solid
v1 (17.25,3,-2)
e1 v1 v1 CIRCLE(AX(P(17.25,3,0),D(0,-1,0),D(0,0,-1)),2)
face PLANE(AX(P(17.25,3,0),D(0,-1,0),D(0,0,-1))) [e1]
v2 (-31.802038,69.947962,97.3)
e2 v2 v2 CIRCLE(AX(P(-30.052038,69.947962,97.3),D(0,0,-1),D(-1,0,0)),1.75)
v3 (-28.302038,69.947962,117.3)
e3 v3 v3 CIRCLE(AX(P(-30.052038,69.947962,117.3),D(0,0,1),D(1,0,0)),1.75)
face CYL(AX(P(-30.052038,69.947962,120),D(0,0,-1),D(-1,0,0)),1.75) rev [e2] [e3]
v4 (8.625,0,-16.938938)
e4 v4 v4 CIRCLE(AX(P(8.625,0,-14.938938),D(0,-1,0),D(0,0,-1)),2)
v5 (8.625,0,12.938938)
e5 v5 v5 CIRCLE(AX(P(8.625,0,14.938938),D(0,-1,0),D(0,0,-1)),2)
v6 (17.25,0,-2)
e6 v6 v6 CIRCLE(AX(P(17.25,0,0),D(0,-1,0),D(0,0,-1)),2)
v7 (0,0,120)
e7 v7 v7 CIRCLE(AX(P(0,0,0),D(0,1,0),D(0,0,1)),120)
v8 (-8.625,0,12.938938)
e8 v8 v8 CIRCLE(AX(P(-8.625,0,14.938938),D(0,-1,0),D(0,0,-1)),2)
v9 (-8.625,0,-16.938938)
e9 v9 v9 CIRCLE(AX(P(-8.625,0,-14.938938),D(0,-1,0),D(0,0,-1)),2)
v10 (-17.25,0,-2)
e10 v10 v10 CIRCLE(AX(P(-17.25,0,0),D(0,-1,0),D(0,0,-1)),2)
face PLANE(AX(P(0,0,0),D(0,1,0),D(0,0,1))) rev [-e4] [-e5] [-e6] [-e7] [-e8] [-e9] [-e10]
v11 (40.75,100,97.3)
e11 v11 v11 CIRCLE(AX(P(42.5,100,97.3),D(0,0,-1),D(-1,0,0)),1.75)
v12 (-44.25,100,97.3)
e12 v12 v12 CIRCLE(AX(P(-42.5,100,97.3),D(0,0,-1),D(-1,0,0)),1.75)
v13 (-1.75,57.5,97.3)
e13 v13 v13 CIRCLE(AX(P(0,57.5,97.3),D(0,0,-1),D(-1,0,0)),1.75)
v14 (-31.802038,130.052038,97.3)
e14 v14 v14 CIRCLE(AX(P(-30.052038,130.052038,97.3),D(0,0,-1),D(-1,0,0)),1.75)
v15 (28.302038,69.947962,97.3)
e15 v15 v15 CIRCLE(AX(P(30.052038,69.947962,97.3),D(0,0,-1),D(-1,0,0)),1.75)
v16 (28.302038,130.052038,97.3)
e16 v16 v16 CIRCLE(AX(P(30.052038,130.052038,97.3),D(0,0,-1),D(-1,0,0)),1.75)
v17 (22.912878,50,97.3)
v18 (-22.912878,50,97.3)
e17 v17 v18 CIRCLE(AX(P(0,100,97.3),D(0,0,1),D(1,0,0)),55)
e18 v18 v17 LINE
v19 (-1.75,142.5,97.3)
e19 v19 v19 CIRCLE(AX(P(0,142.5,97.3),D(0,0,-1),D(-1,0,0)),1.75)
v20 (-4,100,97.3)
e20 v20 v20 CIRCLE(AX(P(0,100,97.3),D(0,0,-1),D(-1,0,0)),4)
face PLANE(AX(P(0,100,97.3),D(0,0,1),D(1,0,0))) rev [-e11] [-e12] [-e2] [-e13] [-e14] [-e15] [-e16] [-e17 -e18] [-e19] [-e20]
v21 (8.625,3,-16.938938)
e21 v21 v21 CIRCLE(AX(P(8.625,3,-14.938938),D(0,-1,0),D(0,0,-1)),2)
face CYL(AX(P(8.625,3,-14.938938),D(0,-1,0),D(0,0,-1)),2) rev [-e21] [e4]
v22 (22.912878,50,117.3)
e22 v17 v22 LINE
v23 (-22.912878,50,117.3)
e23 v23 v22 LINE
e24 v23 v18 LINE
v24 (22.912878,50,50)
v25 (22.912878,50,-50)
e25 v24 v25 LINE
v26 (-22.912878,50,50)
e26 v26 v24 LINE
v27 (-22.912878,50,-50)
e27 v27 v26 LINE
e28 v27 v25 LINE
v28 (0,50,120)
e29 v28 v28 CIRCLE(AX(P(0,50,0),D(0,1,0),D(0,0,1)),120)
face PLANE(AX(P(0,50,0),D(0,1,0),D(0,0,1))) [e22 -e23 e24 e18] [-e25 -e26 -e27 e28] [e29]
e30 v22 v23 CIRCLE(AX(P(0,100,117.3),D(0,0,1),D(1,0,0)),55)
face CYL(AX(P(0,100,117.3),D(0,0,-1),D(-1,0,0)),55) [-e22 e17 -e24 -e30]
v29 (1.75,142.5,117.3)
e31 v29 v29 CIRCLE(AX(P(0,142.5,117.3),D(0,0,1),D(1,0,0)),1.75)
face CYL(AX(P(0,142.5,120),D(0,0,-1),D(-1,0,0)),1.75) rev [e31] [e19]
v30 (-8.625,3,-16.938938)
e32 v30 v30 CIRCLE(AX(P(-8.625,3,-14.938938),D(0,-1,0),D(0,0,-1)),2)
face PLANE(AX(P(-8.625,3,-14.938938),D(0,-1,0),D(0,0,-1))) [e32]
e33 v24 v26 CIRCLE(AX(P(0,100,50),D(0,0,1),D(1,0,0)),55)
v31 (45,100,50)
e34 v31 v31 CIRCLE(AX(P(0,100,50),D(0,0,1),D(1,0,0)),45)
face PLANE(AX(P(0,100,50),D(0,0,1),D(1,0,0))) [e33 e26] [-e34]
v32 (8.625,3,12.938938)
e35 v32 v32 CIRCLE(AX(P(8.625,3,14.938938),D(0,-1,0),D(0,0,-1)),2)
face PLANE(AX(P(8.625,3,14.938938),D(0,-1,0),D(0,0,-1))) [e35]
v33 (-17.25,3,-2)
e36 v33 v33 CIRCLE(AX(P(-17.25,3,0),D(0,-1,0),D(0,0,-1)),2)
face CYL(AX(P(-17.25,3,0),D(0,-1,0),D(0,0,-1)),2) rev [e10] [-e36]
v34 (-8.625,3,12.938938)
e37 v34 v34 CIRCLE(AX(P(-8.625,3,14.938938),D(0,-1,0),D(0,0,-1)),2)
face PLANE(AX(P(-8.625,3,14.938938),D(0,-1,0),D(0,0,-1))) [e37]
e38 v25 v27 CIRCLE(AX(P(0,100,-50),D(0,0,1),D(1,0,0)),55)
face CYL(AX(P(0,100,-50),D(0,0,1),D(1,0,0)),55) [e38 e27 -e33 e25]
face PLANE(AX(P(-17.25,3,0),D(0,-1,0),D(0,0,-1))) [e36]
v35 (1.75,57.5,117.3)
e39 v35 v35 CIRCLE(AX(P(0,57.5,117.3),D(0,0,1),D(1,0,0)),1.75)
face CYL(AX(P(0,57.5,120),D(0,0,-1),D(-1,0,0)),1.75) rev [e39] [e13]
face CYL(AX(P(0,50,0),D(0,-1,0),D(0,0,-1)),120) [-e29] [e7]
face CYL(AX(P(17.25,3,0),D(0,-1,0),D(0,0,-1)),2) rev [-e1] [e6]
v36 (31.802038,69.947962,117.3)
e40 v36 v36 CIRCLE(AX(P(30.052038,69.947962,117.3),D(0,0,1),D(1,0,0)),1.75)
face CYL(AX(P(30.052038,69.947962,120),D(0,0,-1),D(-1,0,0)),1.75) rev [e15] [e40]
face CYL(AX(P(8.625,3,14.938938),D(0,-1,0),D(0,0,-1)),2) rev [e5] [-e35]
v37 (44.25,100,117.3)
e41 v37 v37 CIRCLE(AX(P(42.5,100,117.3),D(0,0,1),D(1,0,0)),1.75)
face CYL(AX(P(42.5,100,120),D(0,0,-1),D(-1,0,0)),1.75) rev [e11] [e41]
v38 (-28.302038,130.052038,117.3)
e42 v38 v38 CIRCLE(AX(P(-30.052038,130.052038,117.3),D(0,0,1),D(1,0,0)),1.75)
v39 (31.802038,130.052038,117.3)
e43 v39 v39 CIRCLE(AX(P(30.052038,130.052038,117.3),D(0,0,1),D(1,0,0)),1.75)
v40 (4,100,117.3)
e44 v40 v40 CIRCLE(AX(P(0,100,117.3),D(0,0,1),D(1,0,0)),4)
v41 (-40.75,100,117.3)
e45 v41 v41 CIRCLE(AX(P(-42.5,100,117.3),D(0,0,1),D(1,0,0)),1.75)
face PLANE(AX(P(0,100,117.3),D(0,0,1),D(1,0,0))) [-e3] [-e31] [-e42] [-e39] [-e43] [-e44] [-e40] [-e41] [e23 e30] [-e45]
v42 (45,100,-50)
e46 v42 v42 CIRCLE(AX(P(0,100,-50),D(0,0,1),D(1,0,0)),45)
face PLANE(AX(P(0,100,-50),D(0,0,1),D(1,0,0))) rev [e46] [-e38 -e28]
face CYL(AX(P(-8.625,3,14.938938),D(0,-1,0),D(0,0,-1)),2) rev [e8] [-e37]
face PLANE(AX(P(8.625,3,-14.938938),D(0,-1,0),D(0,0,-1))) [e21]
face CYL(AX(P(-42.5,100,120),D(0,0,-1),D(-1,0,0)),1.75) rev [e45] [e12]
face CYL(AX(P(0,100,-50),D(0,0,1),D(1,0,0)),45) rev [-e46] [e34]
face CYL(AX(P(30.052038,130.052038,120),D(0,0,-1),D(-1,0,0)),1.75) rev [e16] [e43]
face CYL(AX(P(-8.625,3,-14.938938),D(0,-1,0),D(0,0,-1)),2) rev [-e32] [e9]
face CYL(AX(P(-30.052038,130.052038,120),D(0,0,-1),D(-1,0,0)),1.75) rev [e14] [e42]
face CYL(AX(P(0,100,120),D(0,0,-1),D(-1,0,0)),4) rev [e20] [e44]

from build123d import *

# Parameters (mm, degrees)
SKETCH_1_R             = 120
EXTRUDE_1_DEPTH        = 50
EXTRUDE_1_2_DEPTH      = 50
EXTRUDE_1_2_DEPTH_BACK = 50
SKETCH_2_R             = 55
SKETCH_2_R_2           = 45
SKETCH_7_R             = 2
CUT_EXTRUDE_2_DEPTH    = 3
SKETCH_8_R             = 55
EXTRUDE_2_DEPTH        = 20
SKETCH_9_R             = 1.75
SKETCH_9_R_2           = 4
CUT_EXTRUDE_3_DEPTH    = 293.65045703


with BuildPart() as part:
    # 草图1 → Extrude 1 (new body)
    with BuildSketch(Plane(origin=(0, 0, 0), x_dir=(1, 0, 0), z_dir=(0, 1, 0))):
        with Locations(Location((0, 0, 0), (0, 0, 270))):
            Circle(SKETCH_1_R)
    extrude(amount=EXTRUDE_1_DEPTH)

    # 草图2 → Extrude 1 2 (add, two sides: drawn at the far end of the back side and taken through both)
    with BuildSketch(Plane.XY.offset(-EXTRUDE_1_2_DEPTH_BACK)):
        with Locations((0, 100)):
            Circle(SKETCH_2_R)
        with Locations((0, 100)):
            Circle(SKETCH_2_R_2, mode=Mode.SUBTRACT)
    extrude(amount=EXTRUDE_1_2_DEPTH + EXTRUDE_1_2_DEPTH_BACK)

    # 草图7 → 切除-拉伸2 (cut)
    with BuildSketch(Plane.XZ):
        with Locations(Location((17.25, 0, 0), (0, 0, 270))):
            Circle(SKETCH_7_R)
        with Locations(Location((8.625, -14.938938215, 0), (0, 0, 270))):
            Circle(SKETCH_7_R)
        with Locations(Location((-8.625, -14.938938215, 0), (0, 0, 270))):
            Circle(SKETCH_7_R)
        with Locations(Location((-17.25, 0, 0), (0, 0, 270))):
            Circle(SKETCH_7_R)
        with Locations(Location((-8.625, 14.938938215, 0), (0, 0, 270))):
            Circle(SKETCH_7_R)
        with Locations(Location((8.625, 14.938938215, 0), (0, 0, 270))):
            Circle(SKETCH_7_R)
    extrude(amount=-CUT_EXTRUDE_2_DEPTH, mode=Mode.SUBTRACT)

    # 草图8 → 凸台-拉伸2 (add)
    with BuildSketch(Plane.XY.offset(97.3)):
        with Locations((0, 100)):
            Circle(SKETCH_8_R)
    extrude(amount=EXTRUDE_2_DEPTH)

    # 草图9 → 切除-拉伸3 (cut, through all)
    with BuildSketch(Plane(origin=(0, 0, 97.3), x_dir=(-1, 0, 0), z_dir=(0, 0, -1))):
        with Locations((42.5, 100)):
            Circle(SKETCH_9_R)
        with Locations((30.0520382, 69.9479618)):
            Circle(SKETCH_9_R)
        with Locations((0, 57.5)):
            Circle(SKETCH_9_R)
        with Locations((-30.0520382, 69.9479618)):
            Circle(SKETCH_9_R)
        with Locations((-42.5, 100)):
            Circle(SKETCH_9_R)
        with Locations((-30.0520382, 130.0520382)):
            Circle(SKETCH_9_R)
        with Locations((0, 142.5)):
            Circle(SKETCH_9_R)
        with Locations((30.0520382, 130.0520382)):
            Circle(SKETCH_9_R)
        with Locations((0, 100)):
            Circle(SKETCH_9_R_2)
    extrude(amount=-CUT_EXTRUDE_3_DEPTH, mode=Mode.SUBTRACT)


solid = part.part
